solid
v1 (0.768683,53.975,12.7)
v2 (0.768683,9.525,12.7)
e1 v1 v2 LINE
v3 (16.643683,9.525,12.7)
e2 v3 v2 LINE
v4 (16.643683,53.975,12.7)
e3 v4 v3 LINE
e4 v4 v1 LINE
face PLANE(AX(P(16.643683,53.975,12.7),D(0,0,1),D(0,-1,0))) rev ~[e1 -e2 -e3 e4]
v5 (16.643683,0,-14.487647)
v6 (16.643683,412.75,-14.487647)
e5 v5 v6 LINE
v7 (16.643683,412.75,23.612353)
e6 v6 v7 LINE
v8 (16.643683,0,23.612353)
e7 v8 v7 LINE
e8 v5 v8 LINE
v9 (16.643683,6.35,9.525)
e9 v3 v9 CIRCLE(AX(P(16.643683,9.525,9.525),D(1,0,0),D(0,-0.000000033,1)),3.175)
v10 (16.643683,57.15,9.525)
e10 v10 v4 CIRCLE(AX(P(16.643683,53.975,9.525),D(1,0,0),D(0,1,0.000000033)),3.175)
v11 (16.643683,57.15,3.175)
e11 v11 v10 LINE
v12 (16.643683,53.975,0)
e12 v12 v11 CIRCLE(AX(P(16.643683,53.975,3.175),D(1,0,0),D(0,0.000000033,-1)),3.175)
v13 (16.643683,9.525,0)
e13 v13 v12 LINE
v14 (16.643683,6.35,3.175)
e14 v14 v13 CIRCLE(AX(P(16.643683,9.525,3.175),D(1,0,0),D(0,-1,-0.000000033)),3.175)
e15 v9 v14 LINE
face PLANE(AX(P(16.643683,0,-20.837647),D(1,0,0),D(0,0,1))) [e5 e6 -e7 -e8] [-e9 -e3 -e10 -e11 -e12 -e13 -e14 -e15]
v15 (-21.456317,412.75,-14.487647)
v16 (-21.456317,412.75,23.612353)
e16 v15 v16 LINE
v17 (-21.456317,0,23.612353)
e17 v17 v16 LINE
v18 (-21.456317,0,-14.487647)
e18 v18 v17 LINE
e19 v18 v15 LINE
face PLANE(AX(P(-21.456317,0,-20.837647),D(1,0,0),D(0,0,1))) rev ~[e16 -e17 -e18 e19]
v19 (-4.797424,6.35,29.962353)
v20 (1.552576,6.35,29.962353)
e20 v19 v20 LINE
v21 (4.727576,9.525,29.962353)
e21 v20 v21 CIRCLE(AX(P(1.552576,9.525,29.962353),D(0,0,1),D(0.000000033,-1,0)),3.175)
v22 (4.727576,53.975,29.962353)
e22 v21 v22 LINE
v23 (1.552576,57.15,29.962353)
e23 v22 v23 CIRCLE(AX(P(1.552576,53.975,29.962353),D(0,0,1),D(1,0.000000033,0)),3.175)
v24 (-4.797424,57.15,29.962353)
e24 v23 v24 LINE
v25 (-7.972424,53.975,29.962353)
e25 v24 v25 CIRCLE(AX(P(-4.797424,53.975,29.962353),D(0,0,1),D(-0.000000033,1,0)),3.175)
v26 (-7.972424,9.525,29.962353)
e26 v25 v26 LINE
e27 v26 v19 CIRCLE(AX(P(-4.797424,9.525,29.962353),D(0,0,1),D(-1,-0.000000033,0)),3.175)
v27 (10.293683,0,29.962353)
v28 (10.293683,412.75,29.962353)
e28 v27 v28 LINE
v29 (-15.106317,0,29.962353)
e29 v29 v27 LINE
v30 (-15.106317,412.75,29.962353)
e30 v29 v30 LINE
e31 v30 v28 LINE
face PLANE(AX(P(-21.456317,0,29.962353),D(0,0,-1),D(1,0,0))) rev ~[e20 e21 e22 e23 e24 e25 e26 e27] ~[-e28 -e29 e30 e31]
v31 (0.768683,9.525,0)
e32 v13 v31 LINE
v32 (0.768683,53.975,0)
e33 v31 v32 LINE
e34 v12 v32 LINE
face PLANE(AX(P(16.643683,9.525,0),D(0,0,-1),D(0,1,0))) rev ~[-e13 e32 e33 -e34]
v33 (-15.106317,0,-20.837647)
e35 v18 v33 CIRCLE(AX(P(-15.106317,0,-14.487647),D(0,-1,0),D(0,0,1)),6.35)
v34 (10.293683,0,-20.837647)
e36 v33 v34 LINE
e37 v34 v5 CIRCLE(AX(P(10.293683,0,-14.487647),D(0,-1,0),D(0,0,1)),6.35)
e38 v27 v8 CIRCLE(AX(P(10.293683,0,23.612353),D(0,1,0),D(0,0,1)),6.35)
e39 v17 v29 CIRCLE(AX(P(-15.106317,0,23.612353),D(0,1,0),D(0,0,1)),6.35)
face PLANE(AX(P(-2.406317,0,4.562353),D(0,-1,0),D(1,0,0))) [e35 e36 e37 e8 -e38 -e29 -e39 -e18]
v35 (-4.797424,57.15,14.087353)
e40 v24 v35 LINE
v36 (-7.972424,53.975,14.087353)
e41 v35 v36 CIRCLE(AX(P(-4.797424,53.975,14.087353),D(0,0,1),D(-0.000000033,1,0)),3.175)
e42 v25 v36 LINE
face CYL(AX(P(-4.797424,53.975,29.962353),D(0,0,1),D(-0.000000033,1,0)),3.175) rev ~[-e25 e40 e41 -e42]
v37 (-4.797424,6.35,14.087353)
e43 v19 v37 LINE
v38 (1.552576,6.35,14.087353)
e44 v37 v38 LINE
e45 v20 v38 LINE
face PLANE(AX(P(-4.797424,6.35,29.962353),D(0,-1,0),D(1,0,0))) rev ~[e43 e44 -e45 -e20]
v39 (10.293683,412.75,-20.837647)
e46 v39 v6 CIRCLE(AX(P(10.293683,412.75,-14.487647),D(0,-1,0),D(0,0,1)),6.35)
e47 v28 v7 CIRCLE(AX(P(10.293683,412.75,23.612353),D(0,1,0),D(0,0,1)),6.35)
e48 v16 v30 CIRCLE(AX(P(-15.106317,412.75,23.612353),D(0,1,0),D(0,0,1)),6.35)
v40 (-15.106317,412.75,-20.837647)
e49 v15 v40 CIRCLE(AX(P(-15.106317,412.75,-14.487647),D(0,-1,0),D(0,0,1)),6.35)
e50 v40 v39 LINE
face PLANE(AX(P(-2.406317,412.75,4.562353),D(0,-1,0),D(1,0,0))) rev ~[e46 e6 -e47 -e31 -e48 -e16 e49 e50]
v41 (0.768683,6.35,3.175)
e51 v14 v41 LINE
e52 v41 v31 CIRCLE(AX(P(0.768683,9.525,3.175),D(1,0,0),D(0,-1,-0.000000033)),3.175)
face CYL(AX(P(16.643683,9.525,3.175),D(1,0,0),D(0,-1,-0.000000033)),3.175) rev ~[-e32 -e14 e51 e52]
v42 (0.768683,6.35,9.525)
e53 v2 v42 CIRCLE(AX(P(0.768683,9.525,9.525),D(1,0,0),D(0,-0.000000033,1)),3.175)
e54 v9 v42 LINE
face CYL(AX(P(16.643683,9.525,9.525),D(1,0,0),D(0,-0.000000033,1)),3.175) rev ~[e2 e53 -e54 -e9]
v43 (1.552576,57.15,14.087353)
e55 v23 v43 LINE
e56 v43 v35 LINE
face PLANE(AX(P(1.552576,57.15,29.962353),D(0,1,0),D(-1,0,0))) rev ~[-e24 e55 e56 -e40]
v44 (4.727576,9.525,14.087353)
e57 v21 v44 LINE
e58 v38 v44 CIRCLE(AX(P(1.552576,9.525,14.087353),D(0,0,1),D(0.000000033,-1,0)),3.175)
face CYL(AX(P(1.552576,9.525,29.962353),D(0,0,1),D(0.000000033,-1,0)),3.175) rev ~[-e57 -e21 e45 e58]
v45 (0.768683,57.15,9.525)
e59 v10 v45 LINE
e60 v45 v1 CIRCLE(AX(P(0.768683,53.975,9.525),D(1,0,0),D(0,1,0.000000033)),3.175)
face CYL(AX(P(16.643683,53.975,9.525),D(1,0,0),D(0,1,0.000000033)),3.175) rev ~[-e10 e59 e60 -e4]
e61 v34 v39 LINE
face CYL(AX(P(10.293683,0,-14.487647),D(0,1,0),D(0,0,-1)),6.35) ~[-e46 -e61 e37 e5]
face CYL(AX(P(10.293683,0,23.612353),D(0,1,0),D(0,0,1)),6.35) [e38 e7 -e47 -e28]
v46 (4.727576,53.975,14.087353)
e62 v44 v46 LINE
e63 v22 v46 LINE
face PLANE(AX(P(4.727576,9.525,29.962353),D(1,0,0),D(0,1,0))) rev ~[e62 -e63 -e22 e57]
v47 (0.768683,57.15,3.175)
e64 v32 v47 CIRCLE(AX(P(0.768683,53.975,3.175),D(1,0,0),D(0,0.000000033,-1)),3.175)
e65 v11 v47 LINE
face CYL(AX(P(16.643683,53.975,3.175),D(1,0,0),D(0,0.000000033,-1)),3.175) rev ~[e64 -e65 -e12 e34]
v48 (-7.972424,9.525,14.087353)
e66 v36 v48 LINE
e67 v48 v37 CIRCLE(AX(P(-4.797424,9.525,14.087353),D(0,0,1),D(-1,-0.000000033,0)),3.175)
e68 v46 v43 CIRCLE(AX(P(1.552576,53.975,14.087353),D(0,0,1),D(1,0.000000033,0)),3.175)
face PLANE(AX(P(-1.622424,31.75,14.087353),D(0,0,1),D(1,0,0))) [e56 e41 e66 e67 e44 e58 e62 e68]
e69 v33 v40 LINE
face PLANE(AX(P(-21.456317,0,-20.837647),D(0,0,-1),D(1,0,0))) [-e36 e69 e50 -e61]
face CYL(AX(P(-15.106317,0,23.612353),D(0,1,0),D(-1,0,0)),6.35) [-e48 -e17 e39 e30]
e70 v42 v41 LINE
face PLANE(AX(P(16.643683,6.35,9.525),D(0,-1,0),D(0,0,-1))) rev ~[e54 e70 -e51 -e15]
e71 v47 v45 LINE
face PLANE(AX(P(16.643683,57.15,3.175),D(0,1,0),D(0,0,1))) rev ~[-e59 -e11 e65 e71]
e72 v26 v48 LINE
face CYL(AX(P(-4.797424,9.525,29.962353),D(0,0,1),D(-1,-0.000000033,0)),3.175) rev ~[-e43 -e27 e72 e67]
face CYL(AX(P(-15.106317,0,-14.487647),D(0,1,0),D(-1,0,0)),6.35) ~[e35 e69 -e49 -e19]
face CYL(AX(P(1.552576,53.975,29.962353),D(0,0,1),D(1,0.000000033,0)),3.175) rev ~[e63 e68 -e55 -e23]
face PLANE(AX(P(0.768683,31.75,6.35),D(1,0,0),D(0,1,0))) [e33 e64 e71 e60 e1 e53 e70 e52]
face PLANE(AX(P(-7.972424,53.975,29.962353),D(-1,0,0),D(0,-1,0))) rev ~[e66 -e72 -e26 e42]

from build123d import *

# Parameters (mm, degrees)
F0_W     = 38.1
F0_H     = 50.8
F1_DEPTH = 412.75
F3_DEPTH = 15.875
F5_DEPTH = 15.875
F6_R     = 6.35


with BuildPart() as f1:
    # F0 (on Front) → F1 (new body)
    with BuildSketch(Plane.XZ):
        with Locations((-2.406317, 4.562353)):
            Rectangle(F0_W, F0_H)
    extrude(amount=-F1_DEPTH)

    # F2 (on face) → F3 (cut)
    with BuildSketch(Plane.YZ.offset(16.643683)):
        with BuildLine():
            Line((53.975, 12.7), (9.525, 12.7))
            ThreePointArc((9.525, 12.7), (7.279936, 11.770064), (6.35, 9.525))
            Line((6.35, 9.525), (6.35, 3.175))
            ThreePointArc((6.35, 3.175), (7.279936, 0.929936), (9.525, 0))
            Line((9.525, 0), (53.975, 0))
            ThreePointArc((53.975, 0), (56.220064, 0.929936), (57.15, 3.175))
            Line((57.15, 3.175), (57.15, 9.525))
            ThreePointArc((57.15, 9.525), (56.220064, 11.770064), (53.975, 12.7))
        make_face()
    extrude(amount=-F3_DEPTH, mode=Mode.SUBTRACT)

    # F4 (on face) → F5 (cut)
    with BuildSketch(Plane.XY.offset(29.962353)):
        with BuildLine():
            ThreePointArc((-4.797424, 57.15), (-7.042488, 56.220064), (-7.972424, 53.975))
            Line((-7.972424, 53.975), (-7.972424, 9.525))
            ThreePointArc((-7.972424, 9.525), (-7.042488, 7.279936), (-4.797424, 6.35))
            Line((-4.797424, 6.35), (1.552576, 6.35))
            ThreePointArc((1.552576, 6.35), (3.79764, 7.279936), (4.727576, 9.525))
            Line((4.727576, 9.525), (4.727576, 53.975))
            ThreePointArc((4.727576, 53.975), (3.79764, 56.220064), (1.552576, 57.15))
            Line((1.552576, 57.15), (-4.797424, 57.15))
        make_face()
    extrude(amount=-F5_DEPTH, mode=Mode.SUBTRACT)

    # F6
    f6_edges = [f1.edges().sort_by_distance(p)[0] for p in [
        (16.643683, 206.375, -20.837647),
        (-21.456317, 206.375, -20.837647),
        (16.643683, 206.375, 29.962353),
        (-21.456317, 206.375, 29.962353),
    ]]
    fillet(f6_edges, radius=F6_R)


solid = f1.part
